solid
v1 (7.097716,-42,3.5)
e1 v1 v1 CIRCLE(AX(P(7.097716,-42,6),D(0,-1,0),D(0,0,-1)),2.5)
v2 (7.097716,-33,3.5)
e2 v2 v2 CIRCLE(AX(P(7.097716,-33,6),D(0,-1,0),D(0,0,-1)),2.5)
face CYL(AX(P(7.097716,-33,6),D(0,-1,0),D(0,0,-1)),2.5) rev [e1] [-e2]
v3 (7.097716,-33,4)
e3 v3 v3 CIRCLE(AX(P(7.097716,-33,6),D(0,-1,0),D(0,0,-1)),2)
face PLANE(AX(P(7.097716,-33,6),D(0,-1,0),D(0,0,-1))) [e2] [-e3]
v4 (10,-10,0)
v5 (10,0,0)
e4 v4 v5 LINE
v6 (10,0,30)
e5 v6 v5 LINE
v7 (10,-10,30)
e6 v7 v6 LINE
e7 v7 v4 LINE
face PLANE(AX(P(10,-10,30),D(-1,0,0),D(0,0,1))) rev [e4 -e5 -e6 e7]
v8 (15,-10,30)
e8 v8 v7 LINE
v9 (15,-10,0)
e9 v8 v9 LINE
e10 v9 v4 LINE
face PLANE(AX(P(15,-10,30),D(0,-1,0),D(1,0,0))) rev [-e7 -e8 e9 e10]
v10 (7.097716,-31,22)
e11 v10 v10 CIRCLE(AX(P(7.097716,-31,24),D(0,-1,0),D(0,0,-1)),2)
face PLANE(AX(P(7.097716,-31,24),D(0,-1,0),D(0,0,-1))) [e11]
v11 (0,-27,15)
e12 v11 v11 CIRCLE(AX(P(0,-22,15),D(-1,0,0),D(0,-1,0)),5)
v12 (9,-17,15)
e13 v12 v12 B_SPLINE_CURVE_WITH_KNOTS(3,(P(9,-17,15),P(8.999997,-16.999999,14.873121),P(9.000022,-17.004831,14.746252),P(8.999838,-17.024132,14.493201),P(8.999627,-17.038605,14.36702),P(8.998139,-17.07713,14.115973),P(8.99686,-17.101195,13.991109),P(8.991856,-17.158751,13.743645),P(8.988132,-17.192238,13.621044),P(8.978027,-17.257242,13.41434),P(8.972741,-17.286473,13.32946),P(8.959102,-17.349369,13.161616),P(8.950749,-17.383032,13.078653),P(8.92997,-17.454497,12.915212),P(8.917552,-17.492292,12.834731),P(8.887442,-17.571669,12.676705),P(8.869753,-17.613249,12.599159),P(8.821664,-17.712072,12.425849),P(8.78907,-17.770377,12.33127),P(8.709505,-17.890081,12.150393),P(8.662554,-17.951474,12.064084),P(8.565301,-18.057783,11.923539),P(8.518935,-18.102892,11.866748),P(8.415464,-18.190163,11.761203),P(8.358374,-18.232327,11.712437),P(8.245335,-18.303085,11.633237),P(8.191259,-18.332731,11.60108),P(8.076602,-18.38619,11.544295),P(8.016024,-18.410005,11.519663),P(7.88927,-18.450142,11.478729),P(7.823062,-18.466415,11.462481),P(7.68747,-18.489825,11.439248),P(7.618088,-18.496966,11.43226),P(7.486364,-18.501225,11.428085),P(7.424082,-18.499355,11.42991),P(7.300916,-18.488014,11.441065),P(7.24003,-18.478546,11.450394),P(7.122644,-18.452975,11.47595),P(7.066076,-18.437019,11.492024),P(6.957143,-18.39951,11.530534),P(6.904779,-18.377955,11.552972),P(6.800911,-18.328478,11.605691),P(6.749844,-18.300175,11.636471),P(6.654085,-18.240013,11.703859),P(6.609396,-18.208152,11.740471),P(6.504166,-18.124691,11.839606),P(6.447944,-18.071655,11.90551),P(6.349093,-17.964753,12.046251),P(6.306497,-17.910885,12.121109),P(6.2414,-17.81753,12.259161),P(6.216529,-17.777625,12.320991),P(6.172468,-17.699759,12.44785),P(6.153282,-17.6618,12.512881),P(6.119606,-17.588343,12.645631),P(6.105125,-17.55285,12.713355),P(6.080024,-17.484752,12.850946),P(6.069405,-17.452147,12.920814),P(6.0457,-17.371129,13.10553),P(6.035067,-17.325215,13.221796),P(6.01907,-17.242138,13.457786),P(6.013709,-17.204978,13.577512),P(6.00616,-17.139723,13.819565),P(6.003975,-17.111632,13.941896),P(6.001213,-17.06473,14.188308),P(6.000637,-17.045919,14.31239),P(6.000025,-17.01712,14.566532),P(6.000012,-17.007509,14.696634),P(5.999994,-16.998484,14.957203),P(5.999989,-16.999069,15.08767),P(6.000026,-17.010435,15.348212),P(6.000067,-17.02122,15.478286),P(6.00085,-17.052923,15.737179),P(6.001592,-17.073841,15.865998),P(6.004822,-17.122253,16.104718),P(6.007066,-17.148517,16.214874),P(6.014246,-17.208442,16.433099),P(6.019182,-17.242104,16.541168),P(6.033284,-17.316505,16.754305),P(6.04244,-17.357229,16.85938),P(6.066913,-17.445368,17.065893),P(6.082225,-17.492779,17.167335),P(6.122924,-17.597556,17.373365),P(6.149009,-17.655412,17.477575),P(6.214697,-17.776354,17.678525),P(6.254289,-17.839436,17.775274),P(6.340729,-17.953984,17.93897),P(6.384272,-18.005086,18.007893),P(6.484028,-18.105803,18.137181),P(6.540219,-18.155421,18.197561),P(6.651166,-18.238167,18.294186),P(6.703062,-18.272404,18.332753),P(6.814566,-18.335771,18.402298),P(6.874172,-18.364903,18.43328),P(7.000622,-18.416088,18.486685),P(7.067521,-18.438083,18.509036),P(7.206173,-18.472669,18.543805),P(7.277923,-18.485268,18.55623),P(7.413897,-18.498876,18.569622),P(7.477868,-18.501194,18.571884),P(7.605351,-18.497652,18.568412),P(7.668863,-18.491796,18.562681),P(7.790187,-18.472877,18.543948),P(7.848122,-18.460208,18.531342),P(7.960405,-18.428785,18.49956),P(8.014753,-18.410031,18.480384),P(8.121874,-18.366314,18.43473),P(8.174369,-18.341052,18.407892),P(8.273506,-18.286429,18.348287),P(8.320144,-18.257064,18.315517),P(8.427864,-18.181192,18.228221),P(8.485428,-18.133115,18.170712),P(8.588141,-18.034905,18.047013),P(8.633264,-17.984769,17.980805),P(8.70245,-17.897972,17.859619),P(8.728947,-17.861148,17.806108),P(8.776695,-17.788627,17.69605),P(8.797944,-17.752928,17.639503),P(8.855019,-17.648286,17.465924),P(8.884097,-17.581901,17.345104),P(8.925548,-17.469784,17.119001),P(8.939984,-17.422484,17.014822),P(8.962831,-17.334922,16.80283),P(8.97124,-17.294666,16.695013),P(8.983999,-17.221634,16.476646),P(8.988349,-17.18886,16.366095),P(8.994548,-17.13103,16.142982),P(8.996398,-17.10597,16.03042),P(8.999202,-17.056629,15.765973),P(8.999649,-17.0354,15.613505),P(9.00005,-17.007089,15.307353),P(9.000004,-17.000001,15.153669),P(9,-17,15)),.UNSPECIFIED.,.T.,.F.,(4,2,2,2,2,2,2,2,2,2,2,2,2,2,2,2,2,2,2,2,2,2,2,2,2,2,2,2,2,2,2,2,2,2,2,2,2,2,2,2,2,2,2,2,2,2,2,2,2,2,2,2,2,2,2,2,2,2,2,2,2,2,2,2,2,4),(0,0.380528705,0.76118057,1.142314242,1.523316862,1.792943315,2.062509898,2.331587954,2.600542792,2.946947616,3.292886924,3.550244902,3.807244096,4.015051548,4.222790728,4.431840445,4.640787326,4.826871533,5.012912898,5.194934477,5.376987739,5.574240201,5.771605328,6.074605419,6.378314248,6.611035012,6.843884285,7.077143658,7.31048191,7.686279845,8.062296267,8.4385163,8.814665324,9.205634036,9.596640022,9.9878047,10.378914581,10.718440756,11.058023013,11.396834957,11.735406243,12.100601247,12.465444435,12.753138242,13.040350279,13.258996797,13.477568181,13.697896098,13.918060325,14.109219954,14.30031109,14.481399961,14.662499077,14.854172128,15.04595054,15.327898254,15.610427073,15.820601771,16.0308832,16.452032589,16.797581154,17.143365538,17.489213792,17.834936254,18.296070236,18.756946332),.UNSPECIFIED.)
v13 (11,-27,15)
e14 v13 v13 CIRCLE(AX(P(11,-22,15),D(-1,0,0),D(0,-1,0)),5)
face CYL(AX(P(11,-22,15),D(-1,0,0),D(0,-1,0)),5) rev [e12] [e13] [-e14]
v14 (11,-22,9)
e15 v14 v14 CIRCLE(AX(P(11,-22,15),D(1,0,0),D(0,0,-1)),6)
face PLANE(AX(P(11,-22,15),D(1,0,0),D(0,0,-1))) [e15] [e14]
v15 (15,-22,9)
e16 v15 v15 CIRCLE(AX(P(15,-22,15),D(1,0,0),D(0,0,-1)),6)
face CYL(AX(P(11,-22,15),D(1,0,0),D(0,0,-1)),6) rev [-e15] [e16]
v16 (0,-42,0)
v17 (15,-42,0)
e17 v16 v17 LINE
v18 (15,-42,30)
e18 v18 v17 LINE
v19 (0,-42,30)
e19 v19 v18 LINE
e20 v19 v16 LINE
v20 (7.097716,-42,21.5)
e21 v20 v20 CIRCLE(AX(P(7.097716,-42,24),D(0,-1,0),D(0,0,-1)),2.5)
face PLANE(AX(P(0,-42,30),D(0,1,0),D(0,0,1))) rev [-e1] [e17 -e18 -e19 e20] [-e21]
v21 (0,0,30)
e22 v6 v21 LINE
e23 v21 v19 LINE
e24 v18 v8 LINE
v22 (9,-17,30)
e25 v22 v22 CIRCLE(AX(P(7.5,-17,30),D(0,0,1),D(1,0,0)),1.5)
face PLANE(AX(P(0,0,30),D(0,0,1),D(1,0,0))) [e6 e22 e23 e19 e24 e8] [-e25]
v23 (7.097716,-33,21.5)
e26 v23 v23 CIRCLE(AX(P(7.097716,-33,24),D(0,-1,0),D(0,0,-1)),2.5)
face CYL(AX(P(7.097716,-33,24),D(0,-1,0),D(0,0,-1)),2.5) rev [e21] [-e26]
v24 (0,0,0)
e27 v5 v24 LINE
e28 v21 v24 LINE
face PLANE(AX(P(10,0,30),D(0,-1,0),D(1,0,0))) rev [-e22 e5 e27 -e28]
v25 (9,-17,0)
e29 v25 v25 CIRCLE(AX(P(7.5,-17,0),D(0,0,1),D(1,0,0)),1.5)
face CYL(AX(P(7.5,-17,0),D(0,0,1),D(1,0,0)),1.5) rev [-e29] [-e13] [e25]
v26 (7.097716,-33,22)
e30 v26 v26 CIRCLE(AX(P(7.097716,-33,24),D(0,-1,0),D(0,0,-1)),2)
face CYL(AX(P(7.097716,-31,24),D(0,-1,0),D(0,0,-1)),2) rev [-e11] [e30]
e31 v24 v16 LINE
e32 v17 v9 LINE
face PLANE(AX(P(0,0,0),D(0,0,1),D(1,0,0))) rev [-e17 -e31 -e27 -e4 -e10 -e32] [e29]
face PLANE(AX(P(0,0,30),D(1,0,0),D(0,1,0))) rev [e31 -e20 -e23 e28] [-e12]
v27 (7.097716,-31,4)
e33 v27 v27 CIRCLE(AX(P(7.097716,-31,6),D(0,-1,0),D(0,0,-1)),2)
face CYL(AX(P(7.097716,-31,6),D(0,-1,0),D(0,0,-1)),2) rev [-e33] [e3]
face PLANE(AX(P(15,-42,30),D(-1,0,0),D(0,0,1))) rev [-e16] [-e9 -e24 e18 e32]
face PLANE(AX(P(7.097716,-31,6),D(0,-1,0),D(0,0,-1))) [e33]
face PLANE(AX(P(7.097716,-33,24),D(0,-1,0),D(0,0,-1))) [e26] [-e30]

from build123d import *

# Parameters (mm, degrees)
RESSALTO_EXTRUS_O1_DEPTH = 30
ESBO_O4_R                = 6
CORTE_EXTRUS_O1_DEPTH    = 4
ESBO_O5_R                = 5
CORTE_EXTRUS_O2_DEPTH    = 11
ESBO_O6_R                = 1.5
CORTE_EXTRUS_O3_DEPTH    = 54.749418602
ESBO_O7_R                = 2.5
CORTE_EXTRUS_O4_DEPTH    = 9
ESBO_O8_R                = 2
CORTE_EXTRUS_O5_DEPTH    = 11


with BuildPart() as part:
    # Esboço2 → Ressalto-extrusão1 (new body)
    with BuildSketch(Plane.XY):
        Polygon((0, 0), (0, -42), (15, -42), (15, -10), (10, -10), (10, 0), align=None)
    extrude(amount=RESSALTO_EXTRUS_O1_DEPTH)

    # Esboço4 → Corte-extrusão1 (cut)
    with BuildSketch(Plane(origin=(15, 0, 0), x_dir=(0, 0, -1), z_dir=(1, 0, 0))):
        with Locations((-15, -22)):
            Circle(ESBO_O4_R)
    extrude(amount=-CORTE_EXTRUS_O1_DEPTH, mode=Mode.SUBTRACT)

    # Esboço5 → Corte-extrusão2 (cut)
    with BuildSketch(Plane.ZY):
        with Locations(Location((15, -22, 0), (0, 0, 270))):
            Circle(ESBO_O5_R)
    extrude(amount=-CORTE_EXTRUS_O2_DEPTH, mode=Mode.SUBTRACT)

    # Esboço6 → Corte-extrusão3 (cut, through all)
    with BuildSketch(Plane.XY.offset(30)):
        with Locations((7.5, -17)):
            Circle(ESBO_O6_R)
    extrude(amount=-CORTE_EXTRUS_O3_DEPTH, mode=Mode.SUBTRACT)

    # Esboço7 → Corte-extrusão4 (cut)
    with BuildSketch(Plane.XZ.offset(42)):
        with Locations(Location((7.097716039, 24, 0), (0, 0, 270))):
            Circle(ESBO_O7_R)
        with Locations(Location((7.097716039, 6, 0), (0, 0, 270))):
            Circle(ESBO_O7_R)
    extrude(amount=-CORTE_EXTRUS_O4_DEPTH, mode=Mode.SUBTRACT)

    # Esboço8 → Corte-extrusão5 (cut)
    with BuildSketch(Plane.XZ.offset(42)):
        with Locations(Location((7.097716039, 24, 0), (0, 0, 270))):
            Circle(ESBO_O8_R)
        with Locations(Location((7.097716039, 6, 0), (0, 0, 270))):
            Circle(ESBO_O8_R)
    extrude(amount=-CORTE_EXTRUS_O5_DEPTH, mode=Mode.SUBTRACT)


solid = part.part
